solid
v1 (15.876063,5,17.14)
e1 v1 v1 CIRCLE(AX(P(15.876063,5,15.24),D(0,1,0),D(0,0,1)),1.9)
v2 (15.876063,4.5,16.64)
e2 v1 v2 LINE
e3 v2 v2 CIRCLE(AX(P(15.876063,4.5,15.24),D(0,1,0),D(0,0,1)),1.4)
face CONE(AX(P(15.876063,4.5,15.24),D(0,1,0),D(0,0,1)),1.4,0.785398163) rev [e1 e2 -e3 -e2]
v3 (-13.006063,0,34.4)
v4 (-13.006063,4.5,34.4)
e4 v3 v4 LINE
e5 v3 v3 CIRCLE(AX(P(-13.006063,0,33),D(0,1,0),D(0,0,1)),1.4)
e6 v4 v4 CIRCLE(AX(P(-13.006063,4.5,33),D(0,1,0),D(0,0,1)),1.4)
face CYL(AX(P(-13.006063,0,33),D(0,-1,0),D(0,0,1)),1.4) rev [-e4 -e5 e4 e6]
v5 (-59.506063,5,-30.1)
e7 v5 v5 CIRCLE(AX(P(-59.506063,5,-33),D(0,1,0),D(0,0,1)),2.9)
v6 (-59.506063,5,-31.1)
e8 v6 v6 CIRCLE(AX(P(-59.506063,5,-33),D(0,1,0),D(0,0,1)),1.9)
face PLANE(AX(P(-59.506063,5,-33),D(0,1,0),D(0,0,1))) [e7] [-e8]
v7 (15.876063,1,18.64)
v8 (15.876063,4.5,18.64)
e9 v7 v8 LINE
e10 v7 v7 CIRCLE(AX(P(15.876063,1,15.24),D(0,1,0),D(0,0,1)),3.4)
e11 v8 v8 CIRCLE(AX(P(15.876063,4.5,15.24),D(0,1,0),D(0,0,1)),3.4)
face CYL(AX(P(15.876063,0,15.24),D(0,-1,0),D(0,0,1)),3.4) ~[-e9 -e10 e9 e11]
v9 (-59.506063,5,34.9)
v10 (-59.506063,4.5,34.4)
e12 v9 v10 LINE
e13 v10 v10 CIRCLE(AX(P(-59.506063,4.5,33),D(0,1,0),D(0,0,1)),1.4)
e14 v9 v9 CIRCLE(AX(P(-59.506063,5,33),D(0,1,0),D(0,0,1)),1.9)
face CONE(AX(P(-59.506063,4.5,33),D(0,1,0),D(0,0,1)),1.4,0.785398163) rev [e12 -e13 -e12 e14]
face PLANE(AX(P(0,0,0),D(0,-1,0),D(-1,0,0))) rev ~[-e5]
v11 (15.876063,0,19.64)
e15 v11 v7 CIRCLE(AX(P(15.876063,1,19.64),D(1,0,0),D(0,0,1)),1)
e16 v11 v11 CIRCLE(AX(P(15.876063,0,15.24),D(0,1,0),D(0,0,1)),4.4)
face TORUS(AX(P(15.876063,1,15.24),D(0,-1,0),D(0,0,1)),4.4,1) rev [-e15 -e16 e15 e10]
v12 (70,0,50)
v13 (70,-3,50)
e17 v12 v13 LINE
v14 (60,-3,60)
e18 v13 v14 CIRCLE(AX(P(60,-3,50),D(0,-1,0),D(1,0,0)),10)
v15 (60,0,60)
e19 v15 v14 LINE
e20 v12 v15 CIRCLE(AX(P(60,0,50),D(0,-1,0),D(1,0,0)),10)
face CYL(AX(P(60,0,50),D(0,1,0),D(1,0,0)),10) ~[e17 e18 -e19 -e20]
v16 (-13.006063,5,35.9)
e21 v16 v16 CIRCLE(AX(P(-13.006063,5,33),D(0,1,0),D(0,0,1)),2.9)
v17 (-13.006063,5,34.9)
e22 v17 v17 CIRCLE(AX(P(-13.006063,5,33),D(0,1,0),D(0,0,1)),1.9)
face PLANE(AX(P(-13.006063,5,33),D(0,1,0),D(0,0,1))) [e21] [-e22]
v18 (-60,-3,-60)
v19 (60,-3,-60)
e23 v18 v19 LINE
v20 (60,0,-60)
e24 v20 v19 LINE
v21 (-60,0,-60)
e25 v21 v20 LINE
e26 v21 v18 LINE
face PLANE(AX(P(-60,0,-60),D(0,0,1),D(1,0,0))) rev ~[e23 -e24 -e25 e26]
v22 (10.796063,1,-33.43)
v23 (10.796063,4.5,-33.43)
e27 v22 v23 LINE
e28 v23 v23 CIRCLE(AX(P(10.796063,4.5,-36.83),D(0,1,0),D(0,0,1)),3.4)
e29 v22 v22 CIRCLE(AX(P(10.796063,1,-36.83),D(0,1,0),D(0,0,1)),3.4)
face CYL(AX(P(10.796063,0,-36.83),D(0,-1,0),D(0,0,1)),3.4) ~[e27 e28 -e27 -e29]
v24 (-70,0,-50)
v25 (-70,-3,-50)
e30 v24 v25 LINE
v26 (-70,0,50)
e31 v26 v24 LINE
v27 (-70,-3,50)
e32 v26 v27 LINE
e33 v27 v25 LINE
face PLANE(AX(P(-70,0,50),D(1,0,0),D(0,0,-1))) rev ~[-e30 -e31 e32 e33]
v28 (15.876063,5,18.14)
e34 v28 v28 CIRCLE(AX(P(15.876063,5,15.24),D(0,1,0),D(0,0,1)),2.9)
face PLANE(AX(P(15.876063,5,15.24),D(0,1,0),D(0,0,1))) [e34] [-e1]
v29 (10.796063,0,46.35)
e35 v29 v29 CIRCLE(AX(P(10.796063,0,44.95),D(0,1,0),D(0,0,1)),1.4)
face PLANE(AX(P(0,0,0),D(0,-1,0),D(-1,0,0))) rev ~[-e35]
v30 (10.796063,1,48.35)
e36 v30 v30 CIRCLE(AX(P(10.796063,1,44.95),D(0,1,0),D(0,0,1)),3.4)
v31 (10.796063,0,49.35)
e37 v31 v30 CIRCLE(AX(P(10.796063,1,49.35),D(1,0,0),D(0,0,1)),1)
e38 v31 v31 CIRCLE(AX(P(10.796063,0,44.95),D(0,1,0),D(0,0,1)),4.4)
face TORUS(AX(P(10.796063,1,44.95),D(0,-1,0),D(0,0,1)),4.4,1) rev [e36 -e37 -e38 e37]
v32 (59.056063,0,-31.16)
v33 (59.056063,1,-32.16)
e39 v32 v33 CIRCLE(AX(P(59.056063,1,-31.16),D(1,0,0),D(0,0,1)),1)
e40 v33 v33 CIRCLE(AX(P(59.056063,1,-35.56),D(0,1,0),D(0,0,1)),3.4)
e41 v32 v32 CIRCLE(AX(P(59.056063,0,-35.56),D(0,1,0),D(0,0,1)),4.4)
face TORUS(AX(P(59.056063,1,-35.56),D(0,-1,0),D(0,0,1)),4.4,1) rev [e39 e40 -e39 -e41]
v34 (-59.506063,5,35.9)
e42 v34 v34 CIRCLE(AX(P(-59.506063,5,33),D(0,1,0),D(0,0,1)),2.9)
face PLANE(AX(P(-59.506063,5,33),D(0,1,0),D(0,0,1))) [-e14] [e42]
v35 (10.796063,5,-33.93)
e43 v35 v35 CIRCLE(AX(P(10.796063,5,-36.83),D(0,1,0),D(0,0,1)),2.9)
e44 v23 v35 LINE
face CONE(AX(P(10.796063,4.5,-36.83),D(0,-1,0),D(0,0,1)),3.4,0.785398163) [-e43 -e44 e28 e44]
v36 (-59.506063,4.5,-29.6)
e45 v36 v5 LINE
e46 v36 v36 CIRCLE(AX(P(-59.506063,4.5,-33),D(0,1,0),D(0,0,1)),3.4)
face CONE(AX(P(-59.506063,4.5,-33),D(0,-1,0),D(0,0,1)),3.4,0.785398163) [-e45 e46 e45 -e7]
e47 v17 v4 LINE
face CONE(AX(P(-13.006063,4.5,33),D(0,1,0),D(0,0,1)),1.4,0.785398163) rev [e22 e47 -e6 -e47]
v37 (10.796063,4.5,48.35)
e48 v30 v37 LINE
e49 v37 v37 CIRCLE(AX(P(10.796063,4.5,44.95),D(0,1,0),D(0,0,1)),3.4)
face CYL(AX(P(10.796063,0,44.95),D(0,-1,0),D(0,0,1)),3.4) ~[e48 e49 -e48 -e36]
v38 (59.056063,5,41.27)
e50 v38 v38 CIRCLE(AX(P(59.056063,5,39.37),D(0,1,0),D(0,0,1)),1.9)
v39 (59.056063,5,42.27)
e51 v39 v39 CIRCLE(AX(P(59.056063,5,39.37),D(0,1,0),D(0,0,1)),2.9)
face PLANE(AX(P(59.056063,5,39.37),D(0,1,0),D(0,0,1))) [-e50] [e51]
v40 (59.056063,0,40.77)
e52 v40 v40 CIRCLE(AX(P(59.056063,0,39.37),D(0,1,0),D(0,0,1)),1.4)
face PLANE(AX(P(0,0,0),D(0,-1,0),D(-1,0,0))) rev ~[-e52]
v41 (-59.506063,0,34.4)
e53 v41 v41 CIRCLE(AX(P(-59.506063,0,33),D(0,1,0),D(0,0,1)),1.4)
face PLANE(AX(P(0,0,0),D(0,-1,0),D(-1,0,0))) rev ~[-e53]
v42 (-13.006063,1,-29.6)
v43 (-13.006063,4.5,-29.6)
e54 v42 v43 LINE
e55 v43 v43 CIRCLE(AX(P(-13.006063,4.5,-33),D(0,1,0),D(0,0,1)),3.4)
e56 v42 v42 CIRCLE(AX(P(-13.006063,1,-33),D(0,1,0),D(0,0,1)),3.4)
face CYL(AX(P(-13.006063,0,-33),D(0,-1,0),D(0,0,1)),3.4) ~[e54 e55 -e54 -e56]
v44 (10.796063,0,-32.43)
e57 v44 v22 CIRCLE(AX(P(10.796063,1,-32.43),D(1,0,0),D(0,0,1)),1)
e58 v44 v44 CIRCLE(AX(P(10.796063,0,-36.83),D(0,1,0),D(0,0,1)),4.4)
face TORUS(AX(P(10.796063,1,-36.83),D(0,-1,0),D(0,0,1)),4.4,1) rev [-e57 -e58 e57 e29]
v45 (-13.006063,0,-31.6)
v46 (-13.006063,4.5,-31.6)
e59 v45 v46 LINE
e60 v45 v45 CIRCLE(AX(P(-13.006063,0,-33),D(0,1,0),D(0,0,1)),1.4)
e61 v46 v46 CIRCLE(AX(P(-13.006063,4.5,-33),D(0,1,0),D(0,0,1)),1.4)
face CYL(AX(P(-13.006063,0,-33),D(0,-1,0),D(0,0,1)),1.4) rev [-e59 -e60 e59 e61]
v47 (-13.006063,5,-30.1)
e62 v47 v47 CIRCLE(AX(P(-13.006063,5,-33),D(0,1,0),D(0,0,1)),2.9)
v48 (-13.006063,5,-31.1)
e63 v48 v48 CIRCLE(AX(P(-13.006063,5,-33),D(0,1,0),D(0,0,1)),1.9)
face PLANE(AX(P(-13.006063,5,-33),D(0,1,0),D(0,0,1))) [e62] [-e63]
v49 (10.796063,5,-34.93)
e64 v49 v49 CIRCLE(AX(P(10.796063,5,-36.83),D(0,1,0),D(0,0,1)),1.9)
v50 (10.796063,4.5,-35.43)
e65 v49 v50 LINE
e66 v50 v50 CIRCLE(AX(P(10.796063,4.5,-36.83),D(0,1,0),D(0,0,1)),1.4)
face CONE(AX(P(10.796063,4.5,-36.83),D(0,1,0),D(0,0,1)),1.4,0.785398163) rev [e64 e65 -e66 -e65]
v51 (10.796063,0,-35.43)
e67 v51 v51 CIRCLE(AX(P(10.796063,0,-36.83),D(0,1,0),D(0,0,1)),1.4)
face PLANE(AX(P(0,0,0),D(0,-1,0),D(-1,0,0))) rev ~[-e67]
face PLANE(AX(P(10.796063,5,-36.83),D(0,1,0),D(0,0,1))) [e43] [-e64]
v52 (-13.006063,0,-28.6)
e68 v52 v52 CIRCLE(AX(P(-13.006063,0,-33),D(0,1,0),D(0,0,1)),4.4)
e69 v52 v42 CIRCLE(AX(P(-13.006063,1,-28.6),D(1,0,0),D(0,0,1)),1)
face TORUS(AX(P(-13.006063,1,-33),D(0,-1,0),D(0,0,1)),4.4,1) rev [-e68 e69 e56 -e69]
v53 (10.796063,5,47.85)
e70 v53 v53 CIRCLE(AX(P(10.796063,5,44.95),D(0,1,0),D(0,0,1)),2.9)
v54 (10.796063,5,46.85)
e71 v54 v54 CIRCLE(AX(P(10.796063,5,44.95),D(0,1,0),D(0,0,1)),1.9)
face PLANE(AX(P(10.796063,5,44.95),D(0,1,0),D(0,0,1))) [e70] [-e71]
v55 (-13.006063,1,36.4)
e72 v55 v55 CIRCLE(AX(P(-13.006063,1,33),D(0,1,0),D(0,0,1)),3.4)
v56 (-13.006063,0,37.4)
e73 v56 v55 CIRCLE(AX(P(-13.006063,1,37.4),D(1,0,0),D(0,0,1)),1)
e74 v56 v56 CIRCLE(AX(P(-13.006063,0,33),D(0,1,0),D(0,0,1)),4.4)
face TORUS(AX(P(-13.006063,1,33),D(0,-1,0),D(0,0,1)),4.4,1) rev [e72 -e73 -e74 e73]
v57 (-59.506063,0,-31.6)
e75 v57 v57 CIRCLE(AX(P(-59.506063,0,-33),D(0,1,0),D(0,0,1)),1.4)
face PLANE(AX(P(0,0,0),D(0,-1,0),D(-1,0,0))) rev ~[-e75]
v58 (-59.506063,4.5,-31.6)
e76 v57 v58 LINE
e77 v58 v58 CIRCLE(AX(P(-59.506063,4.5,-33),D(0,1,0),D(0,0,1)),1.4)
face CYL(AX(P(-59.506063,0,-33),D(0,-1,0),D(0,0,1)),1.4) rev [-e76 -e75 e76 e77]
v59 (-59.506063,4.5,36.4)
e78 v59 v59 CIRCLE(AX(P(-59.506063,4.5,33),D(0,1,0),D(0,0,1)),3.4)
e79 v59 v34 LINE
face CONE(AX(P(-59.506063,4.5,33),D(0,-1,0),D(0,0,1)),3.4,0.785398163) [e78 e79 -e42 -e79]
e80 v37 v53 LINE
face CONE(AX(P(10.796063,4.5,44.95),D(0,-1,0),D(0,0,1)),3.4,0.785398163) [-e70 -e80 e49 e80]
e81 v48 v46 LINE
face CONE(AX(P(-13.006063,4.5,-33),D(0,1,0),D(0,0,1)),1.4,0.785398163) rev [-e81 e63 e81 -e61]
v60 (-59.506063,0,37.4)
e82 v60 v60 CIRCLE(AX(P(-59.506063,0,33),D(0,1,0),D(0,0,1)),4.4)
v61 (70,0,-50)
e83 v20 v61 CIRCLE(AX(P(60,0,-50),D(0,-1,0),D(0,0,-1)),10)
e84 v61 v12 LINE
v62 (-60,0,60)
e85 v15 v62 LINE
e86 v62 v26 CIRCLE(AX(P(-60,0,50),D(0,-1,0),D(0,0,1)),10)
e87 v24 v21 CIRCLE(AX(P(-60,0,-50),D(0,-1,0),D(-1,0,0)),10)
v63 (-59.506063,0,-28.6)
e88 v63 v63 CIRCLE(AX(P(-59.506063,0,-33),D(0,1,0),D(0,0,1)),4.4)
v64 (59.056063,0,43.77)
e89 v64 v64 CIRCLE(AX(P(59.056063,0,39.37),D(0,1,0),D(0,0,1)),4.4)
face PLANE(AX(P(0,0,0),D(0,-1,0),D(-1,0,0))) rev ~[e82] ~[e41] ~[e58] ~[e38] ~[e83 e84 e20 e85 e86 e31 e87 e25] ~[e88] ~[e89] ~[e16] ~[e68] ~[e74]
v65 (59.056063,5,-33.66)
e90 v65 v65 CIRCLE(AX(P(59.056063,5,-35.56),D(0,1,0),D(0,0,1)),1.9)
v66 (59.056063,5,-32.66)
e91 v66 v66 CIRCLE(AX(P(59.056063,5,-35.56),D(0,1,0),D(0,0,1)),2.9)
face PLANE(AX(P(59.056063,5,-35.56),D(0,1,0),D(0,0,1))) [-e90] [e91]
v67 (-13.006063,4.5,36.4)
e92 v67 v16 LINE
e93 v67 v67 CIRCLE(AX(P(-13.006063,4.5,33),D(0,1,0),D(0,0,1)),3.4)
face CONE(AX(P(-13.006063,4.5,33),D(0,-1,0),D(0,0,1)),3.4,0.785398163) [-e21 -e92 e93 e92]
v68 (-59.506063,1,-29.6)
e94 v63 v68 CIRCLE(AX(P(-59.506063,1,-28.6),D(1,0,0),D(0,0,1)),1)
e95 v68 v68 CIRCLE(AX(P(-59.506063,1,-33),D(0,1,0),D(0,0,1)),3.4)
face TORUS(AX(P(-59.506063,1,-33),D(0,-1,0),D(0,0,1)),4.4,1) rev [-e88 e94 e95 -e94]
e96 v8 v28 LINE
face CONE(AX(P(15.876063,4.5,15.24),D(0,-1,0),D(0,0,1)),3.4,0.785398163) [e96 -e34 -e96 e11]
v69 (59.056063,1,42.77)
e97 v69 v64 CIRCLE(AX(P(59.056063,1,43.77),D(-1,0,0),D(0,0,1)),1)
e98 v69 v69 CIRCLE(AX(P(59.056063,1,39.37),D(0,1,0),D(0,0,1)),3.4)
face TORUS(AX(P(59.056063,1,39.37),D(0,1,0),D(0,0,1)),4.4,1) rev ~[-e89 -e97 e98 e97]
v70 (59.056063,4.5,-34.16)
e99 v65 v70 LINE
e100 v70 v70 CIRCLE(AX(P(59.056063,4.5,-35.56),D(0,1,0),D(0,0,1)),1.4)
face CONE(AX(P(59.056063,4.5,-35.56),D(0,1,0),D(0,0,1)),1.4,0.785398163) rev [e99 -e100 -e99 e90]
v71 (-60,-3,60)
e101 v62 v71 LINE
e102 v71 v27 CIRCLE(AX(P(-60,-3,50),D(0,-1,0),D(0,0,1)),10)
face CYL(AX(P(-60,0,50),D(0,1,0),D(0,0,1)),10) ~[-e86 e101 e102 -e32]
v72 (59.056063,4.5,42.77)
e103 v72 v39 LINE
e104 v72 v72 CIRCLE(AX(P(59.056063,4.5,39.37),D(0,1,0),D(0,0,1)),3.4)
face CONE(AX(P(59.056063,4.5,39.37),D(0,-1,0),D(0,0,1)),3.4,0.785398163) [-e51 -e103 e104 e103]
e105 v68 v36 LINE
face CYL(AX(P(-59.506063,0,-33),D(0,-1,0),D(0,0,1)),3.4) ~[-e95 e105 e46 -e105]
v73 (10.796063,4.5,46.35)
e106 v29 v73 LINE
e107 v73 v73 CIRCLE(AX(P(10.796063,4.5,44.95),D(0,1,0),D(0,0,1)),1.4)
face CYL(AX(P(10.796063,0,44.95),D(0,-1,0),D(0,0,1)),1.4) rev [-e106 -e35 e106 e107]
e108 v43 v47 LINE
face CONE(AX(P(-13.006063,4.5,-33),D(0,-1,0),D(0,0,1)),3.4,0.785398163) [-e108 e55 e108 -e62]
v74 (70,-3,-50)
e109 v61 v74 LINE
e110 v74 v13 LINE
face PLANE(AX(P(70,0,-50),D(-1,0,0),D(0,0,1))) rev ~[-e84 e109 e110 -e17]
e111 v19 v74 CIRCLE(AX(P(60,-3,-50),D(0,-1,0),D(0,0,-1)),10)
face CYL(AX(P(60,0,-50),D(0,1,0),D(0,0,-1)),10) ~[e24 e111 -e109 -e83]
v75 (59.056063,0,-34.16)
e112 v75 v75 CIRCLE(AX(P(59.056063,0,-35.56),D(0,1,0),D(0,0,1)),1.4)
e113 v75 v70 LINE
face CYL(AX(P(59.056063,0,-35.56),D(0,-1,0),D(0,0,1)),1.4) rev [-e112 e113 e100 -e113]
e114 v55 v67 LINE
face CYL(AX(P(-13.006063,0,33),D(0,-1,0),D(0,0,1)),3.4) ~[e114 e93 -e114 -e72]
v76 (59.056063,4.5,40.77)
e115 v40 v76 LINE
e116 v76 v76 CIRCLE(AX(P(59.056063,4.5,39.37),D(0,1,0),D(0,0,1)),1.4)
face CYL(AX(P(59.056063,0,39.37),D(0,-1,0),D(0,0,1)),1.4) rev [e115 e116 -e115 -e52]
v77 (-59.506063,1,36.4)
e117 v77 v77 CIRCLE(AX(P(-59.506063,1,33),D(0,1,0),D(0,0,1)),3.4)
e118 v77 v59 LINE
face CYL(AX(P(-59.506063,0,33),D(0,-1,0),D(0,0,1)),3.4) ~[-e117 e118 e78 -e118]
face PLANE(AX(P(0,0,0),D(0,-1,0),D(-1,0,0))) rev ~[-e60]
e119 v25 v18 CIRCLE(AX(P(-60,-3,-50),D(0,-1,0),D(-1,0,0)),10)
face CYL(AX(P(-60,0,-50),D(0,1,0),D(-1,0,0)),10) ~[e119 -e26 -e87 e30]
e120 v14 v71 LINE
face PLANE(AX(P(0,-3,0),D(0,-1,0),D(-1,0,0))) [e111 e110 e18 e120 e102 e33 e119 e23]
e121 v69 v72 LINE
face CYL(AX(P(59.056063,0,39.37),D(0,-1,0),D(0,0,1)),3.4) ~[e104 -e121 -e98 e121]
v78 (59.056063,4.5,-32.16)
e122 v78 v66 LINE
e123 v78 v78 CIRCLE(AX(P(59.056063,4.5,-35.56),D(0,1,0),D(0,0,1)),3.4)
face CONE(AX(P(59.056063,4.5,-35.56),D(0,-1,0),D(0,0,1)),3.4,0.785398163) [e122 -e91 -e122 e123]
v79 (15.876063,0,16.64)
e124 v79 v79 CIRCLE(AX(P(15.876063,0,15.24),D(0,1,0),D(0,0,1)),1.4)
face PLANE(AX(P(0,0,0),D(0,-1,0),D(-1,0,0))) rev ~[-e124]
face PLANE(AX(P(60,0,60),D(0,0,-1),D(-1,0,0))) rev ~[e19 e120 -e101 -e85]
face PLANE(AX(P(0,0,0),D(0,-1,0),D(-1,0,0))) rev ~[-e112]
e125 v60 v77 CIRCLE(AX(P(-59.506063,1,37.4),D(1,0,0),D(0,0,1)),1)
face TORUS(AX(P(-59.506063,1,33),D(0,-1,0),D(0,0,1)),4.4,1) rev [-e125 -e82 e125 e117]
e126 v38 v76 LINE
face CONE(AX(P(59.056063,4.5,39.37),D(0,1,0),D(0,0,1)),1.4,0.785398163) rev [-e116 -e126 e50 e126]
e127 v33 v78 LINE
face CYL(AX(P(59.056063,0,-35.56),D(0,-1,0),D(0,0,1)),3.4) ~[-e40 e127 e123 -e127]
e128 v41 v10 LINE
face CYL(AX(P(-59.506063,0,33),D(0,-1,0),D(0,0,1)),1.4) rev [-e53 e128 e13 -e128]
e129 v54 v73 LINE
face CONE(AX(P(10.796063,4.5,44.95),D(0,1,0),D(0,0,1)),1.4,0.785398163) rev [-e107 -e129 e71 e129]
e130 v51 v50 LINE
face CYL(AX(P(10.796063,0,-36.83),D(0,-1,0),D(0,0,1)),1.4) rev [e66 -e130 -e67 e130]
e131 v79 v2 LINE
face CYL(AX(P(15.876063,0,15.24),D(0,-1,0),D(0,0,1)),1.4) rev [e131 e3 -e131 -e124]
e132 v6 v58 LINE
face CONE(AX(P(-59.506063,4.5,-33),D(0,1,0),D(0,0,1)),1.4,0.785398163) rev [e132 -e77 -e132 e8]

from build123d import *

# Parameters (mm, degrees)
BOSS_EXTRUDE1_DEPTH = 3
SKETCH1_5_R         = 3.4
SKETCH1_5_R_2       = 1.4
BOSS_EXTRUDE2_DEPTH = 5
CHAMFER1_SIZE       = 0.5
FILLET1_R           = 1


with BuildPart() as part:
    # Sketch1 → Boss-Extrude1 (new body)
    with BuildSketch(Plane(origin=(0, 0, 0), x_dir=(1, 0, 0), z_dir=(0, 1, 0))):
        with BuildLine():
            Line((60, 60), (-60, 60))
            ThreePointArc((-60, 60), (-67.071067812, 57.071067812), (-70, 50))
            Line((-70, 50), (-70, -50))
            ThreePointArc((-70, -50), (-67.071067812, -57.071067812), (-60, -60))
            Line((-60, -60), (60, -60))
            ThreePointArc((60, -60), (67.071067812, -57.071067812), (70, -50))
            Line((70, -50), (70, 50))
            ThreePointArc((70, 50), (67.071067812, 57.071067812), (60, 60))
        make_face()
    extrude(amount=-BOSS_EXTRUDE1_DEPTH)

    # Sketch1<5> → Boss-Extrude2 (add)
    # profile 1 of 9: a face of its own
    with BuildSketch(Plane(origin=(0, 0, 0), x_dir=(1, 0, 0), z_dir=(0, 1, 0))):
        with Locations((-59.506062778, 33)):
            Circle(SKETCH1_5_R)
        with Locations((-59.506062778, 33)):
            Circle(SKETCH1_5_R_2, mode=Mode.SUBTRACT)
    # profile 2 of 9: a face of its own
    with BuildSketch(Plane(origin=(0, 0, 0), x_dir=(1, 0, 0), z_dir=(0, 1, 0))):
        with Locations((-13.006062778, 33)):
            Circle(SKETCH1_5_R)
        with Locations((-13.006062778, 33)):
            Circle(SKETCH1_5_R_2, mode=Mode.SUBTRACT)
    # profile 3 of 9: a face of its own
    with BuildSketch(Plane(origin=(0, 0, 0), x_dir=(1, 0, 0), z_dir=(0, 1, 0))):
        with Locations((-13.006062778, -33)):
            Circle(SKETCH1_5_R)
        with Locations((-13.006062778, -33)):
            Circle(SKETCH1_5_R_2, mode=Mode.SUBTRACT)
    # profile 4 of 9: a face of its own
    with BuildSketch(Plane(origin=(0, 0, 0), x_dir=(1, 0, 0), z_dir=(0, 1, 0))):
        with Locations((-59.506062778, -33)):
            Circle(SKETCH1_5_R)
        with Locations((-59.506062778, -33)):
            Circle(SKETCH1_5_R_2, mode=Mode.SUBTRACT)
    # profile 5 of 9: a face of its own
    with BuildSketch(Plane(origin=(0, 0, 0), x_dir=(1, 0, 0), z_dir=(0, 1, 0))):
        with Locations((10.796062778, -44.95)):
            Circle(SKETCH1_5_R)
        with Locations((10.796062778, -44.95)):
            Circle(SKETCH1_5_R_2, mode=Mode.SUBTRACT)
    # profile 6 of 9: a face of its own
    with BuildSketch(Plane(origin=(0, 0, 0), x_dir=(1, 0, 0), z_dir=(0, 1, 0))):
        with Locations((59.056062778, -39.37)):
            Circle(SKETCH1_5_R)
        with Locations((59.056062778, -39.37)):
            Circle(SKETCH1_5_R_2, mode=Mode.SUBTRACT)
    # profile 7 of 9: a face of its own
    with BuildSketch(Plane(origin=(0, 0, 0), x_dir=(1, 0, 0), z_dir=(0, 1, 0))):
        with Locations((15.876062778, -15.24)):
            Circle(SKETCH1_5_R)
        with Locations((15.876062778, -15.24)):
            Circle(SKETCH1_5_R_2, mode=Mode.SUBTRACT)
    # profile 8 of 9: a face of its own
    with BuildSketch(Plane(origin=(0, 0, 0), x_dir=(1, 0, 0), z_dir=(0, 1, 0))):
        with Locations((10.796062778, 36.83)):
            Circle(SKETCH1_5_R)
        with Locations((10.796062778, 36.83)):
            Circle(SKETCH1_5_R_2, mode=Mode.SUBTRACT)
    # profile 9 of 9: a face of its own
    with BuildSketch(Plane(origin=(0, 0, 0), x_dir=(1, 0, 0), z_dir=(0, 1, 0))):
        with Locations((59.056062778, 35.56)):
            Circle(SKETCH1_5_R)
        with Locations((59.056062778, 35.56)):
            Circle(SKETCH1_5_R_2, mode=Mode.SUBTRACT)
    extrude(amount=BOSS_EXTRUDE2_DEPTH)

    # Chamfer1
    chamfer1_edges = [part.edges().sort_by_distance(p)[0] for p in [
        (-62.906062778, 5, 33),
        (-60.906062778, 5, 33),
        (-16.406062778, 5, 33),
        (-14.406062778, 5, 33),
        (12.476062778, 5, 15.24),
        (14.476062778, 5, 15.24),
        (7.396062778, 5, 44.95),
        (9.396062778, 5, 44.95),
        (55.656062778, 5, 39.37),
        (57.656062778, 5, 39.37),
        (55.656062778, 5, -35.56),
        (57.656062778, 5, -35.56),
        (7.396062778, 5, -36.83),
        (9.396062778, 5, -36.83),
        (-16.406062778, 5, -33),
        (-14.406062778, 5, -33),
        (-62.906062778, 5, -33),
        (-60.906062778, 5, -33),
    ]]
    chamfer(chamfer1_edges, length=CHAMFER1_SIZE)

    # Fillet1
    fillet1_edges = [part.edges().sort_by_distance(p)[0] for p in [
        (-62.906062778, 0, -33),
        (-16.406062778, 0, -33),
        (7.396062778, 0, -36.83),
        (55.656062778, 0, -35.56),
        (55.656062778, 0, 39.37),
        (12.476062778, 0, 15.24),
        (7.396062778, 0, 44.95),
        (-16.406062778, 0, 33),
        (-62.906062778, 0, 33),
    ]]
    fillet(fillet1_edges, radius=FILLET1_R)


solid = part.part
